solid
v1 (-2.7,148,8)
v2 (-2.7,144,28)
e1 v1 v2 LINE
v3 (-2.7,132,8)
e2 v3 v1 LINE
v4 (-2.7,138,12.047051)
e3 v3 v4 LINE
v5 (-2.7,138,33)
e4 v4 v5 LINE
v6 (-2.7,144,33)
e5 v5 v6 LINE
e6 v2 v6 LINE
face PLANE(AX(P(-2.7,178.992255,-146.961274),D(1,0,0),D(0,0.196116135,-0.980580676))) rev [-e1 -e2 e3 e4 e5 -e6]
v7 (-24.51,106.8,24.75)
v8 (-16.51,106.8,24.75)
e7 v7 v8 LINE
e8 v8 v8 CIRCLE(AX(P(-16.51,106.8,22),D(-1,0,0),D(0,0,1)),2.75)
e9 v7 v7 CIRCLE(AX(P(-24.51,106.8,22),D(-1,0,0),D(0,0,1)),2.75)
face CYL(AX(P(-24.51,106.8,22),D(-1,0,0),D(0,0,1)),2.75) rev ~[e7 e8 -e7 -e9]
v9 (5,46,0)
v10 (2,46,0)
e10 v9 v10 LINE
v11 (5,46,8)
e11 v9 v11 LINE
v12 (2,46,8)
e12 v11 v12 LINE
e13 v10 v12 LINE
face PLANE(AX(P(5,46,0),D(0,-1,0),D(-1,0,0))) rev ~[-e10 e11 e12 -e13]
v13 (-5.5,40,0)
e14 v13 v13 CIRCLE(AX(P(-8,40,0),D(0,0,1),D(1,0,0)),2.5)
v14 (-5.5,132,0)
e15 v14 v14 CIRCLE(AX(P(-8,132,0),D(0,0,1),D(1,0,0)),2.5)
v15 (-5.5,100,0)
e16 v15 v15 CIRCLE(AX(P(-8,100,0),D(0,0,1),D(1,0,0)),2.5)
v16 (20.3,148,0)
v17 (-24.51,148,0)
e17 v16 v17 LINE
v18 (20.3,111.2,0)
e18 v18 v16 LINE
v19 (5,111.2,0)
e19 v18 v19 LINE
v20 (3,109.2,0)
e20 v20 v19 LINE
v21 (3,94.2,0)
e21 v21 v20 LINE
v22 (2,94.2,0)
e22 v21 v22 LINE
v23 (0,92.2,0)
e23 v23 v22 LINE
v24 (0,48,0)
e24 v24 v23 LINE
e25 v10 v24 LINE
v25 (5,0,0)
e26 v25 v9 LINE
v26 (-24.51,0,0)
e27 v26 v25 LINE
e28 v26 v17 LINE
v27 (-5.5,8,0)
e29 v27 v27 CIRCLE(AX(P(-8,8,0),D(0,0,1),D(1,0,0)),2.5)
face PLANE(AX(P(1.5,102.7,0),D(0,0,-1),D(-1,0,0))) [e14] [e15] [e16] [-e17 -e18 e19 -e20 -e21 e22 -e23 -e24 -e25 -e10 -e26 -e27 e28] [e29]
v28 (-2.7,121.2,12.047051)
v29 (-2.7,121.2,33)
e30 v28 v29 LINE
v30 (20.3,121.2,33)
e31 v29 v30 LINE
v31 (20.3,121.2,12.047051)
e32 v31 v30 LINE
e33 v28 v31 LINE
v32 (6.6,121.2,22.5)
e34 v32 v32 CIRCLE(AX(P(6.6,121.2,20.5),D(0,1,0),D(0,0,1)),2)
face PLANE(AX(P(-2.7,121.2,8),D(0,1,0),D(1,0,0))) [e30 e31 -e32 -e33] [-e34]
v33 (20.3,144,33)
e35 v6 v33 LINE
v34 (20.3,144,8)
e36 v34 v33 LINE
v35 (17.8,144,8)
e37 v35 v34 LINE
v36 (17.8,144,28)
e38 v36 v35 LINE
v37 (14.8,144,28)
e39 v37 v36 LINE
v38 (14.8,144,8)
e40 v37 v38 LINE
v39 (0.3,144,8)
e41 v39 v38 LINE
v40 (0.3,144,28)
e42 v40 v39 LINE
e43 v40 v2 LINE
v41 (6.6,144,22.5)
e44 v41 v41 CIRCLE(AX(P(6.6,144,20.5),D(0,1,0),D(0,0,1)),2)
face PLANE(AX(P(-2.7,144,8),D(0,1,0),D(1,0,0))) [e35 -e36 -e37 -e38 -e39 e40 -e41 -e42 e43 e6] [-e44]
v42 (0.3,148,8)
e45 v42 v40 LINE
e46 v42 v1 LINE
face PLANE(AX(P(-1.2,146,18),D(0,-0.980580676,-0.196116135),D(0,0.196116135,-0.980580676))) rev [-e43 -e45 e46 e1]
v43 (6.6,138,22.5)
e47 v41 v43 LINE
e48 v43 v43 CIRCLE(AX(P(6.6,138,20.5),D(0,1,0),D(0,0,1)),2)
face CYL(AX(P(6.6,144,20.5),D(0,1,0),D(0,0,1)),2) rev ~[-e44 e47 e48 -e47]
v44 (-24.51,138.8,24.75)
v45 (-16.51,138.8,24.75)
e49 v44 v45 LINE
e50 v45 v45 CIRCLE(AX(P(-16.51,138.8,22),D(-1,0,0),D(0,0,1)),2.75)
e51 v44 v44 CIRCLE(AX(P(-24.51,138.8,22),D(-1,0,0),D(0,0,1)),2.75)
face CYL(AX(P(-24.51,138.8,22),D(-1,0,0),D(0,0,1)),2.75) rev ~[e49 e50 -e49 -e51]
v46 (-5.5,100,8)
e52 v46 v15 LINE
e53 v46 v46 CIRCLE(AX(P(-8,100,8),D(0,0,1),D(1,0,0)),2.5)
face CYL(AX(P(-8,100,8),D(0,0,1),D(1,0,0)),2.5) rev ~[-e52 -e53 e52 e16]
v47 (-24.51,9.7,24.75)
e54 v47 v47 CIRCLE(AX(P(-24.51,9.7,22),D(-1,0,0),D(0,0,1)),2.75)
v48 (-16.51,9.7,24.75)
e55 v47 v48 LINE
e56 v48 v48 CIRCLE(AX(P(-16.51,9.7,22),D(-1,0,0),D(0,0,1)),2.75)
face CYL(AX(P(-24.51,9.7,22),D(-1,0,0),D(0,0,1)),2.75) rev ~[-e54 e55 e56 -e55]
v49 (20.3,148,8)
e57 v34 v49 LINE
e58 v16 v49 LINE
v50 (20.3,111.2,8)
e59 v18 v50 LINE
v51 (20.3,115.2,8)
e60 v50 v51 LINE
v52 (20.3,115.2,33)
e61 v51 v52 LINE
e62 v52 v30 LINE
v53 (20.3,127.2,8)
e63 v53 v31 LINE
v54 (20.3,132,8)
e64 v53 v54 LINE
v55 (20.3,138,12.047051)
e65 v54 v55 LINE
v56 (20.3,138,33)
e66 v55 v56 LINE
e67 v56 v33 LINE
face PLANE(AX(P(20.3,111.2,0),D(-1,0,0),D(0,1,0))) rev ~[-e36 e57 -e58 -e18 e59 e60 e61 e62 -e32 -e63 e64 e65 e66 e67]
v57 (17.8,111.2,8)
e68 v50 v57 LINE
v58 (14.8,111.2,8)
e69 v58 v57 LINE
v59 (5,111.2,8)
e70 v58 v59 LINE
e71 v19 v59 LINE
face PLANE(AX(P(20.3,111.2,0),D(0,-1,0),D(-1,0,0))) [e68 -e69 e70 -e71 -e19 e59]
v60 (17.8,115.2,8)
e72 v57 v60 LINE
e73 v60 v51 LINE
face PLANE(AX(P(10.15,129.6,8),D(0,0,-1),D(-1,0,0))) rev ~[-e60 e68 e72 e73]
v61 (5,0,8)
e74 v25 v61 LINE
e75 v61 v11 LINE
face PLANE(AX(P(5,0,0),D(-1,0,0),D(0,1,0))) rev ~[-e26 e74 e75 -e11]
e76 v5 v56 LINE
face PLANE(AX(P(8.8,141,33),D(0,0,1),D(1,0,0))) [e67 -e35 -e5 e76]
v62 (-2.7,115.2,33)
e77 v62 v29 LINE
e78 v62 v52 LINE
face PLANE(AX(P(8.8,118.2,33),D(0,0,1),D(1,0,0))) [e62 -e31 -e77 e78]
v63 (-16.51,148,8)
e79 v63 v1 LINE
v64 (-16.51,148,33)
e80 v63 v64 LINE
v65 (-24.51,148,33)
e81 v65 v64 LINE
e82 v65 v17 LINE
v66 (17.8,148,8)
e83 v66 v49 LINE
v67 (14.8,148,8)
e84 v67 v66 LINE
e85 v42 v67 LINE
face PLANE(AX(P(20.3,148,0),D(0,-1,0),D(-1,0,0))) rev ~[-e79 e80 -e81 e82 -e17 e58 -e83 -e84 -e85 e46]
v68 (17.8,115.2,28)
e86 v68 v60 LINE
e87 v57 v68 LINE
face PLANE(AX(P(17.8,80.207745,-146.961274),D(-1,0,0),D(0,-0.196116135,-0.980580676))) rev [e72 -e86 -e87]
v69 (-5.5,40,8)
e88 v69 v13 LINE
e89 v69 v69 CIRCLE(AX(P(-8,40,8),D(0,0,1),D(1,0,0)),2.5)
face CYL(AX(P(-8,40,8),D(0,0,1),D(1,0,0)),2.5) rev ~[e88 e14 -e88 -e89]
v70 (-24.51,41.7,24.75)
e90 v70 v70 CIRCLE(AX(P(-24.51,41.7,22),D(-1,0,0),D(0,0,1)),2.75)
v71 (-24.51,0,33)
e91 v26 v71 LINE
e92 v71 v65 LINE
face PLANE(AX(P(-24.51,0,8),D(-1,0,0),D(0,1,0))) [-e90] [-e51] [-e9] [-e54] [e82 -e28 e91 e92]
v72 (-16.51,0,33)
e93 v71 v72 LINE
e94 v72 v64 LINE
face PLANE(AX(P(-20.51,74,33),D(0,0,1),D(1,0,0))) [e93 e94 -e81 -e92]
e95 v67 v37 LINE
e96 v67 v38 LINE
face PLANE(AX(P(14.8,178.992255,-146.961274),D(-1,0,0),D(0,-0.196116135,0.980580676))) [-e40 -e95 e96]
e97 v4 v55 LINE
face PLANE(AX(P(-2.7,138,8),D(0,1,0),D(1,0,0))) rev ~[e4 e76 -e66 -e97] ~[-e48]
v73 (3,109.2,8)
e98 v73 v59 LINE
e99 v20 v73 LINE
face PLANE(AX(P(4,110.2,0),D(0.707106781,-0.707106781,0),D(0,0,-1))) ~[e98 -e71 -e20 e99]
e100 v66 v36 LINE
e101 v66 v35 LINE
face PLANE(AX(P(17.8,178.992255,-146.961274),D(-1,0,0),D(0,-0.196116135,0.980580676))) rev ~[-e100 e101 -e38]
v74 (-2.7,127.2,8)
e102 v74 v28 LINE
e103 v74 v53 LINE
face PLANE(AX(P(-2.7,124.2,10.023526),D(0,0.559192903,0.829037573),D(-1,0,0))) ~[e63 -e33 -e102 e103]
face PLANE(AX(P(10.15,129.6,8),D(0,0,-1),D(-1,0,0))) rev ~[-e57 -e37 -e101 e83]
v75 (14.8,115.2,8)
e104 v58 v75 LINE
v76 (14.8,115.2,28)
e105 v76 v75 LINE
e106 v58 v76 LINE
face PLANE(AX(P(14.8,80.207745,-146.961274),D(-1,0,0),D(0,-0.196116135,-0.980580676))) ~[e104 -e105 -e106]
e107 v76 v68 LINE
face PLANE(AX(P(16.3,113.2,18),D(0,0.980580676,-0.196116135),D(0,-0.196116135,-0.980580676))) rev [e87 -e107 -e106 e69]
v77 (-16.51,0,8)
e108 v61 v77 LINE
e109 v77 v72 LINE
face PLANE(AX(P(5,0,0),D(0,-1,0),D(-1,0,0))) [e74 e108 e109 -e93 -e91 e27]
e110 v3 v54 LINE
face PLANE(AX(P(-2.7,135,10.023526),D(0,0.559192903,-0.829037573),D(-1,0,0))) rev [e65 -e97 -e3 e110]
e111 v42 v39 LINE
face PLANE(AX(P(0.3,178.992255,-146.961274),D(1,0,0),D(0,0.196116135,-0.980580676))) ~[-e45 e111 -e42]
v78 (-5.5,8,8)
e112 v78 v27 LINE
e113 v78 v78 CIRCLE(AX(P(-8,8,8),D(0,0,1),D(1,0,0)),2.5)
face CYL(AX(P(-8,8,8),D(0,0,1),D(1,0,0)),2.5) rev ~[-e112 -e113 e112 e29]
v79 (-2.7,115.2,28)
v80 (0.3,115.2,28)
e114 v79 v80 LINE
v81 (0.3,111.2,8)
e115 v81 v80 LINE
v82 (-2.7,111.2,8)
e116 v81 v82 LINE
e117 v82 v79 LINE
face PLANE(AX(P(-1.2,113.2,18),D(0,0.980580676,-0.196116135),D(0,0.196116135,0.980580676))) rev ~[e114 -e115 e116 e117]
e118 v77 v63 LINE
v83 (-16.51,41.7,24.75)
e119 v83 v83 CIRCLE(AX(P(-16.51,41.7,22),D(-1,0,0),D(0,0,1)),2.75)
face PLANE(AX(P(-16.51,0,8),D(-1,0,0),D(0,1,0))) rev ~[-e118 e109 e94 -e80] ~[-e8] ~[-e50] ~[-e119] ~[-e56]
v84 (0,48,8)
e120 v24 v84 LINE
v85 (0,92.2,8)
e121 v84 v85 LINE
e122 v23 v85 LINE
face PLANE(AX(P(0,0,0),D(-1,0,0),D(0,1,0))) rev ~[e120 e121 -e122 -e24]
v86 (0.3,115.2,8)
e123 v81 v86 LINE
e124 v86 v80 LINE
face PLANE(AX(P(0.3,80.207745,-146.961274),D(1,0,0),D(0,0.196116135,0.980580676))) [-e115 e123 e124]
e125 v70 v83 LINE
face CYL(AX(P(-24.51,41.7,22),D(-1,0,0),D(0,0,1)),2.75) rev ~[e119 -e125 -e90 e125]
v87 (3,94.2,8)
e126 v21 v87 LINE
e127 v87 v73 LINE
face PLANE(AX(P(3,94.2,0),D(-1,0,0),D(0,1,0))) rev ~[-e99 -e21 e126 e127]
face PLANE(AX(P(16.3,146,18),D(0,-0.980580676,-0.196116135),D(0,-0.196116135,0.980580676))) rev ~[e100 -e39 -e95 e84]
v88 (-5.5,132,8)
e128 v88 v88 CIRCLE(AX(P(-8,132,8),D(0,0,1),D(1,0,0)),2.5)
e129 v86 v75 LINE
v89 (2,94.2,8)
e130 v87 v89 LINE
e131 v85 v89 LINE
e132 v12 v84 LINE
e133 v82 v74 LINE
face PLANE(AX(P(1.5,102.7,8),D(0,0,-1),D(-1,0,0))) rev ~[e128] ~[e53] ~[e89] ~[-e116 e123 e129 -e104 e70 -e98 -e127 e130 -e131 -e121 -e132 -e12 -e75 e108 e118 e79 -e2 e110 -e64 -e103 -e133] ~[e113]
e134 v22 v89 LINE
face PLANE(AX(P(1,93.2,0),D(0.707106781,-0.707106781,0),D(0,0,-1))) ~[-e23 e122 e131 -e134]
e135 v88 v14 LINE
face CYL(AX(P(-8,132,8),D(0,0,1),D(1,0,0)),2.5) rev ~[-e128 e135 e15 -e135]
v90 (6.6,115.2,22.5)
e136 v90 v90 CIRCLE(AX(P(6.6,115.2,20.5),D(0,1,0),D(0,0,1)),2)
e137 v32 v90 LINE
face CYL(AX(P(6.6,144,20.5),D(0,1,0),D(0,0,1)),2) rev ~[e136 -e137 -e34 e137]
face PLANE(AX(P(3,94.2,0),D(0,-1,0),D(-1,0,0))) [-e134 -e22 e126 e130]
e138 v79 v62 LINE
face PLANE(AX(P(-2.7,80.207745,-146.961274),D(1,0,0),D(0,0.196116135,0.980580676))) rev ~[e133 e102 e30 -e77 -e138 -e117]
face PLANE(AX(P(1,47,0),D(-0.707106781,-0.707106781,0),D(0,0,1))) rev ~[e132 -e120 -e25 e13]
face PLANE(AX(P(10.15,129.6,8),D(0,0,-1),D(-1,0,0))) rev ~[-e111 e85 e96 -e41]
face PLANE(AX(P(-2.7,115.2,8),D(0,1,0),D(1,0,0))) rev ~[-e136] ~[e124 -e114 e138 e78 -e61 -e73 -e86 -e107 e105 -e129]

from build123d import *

# Parameters (mm, degrees)
SKETCH1_W               = 24.51
SKETCH1_H               = 148
BOSS_EXTRUDE1_DEPTH     = 8
SKETCH2_W               = 8
SKETCH2_H               = 148
BOSS_EXTRUDE2_DEPTH     = 25
SKETCH4_W               = 20.3
SKETCH4_H               = 36.8
BOSS_EXTRUDE3_DEPTH     = 8
SKETCH5_W               = 23
SKETCH5_H               = 6
BOSS_EXTRUDE4_DEPTH     = 25
CUT_EXTRUDE2_REACH      = 151.752
SKETCH6_R               = 2
RIB1_REACH              = 159.03
SKETCH8_WALL_W          = 336.456302216
SKETCH8_WALL_H          = 3
MIRROR2_COPY_1_REACH    = 159.03
MIRROR2_COPY_1_SKETCH_W = 336.456302216
MIRROR2_COPY_1_SKETCH_H = 3
SKETCH3_R               = 2.5
CUT_EXTRUDE1_DEPTH      = 10
SKETCH12_R              = 2.75
CUT_EXTRUDE3_DEPTH      = 8
SKETCH13_W              = 5
SKETCH13_H              = 46
BOSS_EXTRUDE5_DEPTH     = 8
SKETCH14_W              = 3
SKETCH14_H              = 17
BOSS_EXTRUDE6_DEPTH     = 8
CHAMFER1_SIZE           = 2
CHAMFER2_SIZE           = 6
CHAMFER2_SIZE2          = 4.047051101


with BuildPart() as part:
    # Sketch1 → Boss-Extrude1 (new body)
    with BuildSketch(Plane.XY):
        with Locations((-12.255, 74)):
            Rectangle(SKETCH1_W, SKETCH1_H)
    extrude(amount=BOSS_EXTRUDE1_DEPTH)

    # Sketch2 → Boss-Extrude2 (add)
    with BuildSketch(Plane.XY.offset(8)):
        with Locations((-20.51, 74)):
            Rectangle(SKETCH2_W, SKETCH2_H)
    extrude(amount=BOSS_EXTRUDE2_DEPTH)

    # Sketch4 → Boss-Extrude3 (add)
    with BuildSketch(Plane(origin=(0, 0, 0), x_dir=(-1, 0, 0), z_dir=(0, 0, -1))):
        with Locations((-10.15, 129.6)):
            Rectangle(SKETCH4_W, SKETCH4_H)
    extrude(amount=-BOSS_EXTRUDE3_DEPTH)

    # Sketch5 → Boss-Extrude4 (add)
    with BuildSketch(Plane.XY.offset(8)):
        with Locations((8.8, 118.2)):
            Rectangle(SKETCH5_W, SKETCH5_H)
        with Locations((8.8, 141)):
            Rectangle(SKETCH5_W, SKETCH5_H)
    extrude(amount=BOSS_EXTRUDE4_DEPTH)

    # Cut-Extrude2: up to this face of the body (flat: up to its plane)
    cut_extrude2_end = Plane(part.part.faces().sort_by_distance((8.8, 115.2, 20.5))[0])
    # Sketch6 → Cut-Extrude2 (cut, up to the picked face)
    with BuildSketch(Plane(origin=(0, 144, 0), x_dir=(1, 0, 0), z_dir=(0, 1, 0)), mode=Mode.PRIVATE) as cut_extrude2_sk1:
        with Locations(Location((6.6, -20.5, 0), (0, 0, 270))):
            Circle(SKETCH6_R)
    cut_extrude2_tool1 = split(extrude(cut_extrude2_sk1.sketch, amount=-CUT_EXTRUDE2_REACH, mode=Mode.PRIVATE), bisect_by=cut_extrude2_end, keep=Keep.BOTH, mode=Mode.PRIVATE)
    add(cut_extrude2_tool1.solids().sort_by(Axis((6.6, 144, 20.5), (0, -1, 0)))[0], mode=Mode.SUBTRACT)

    # Sketch8 wall → Rib1 (add, up to next)
    with BuildSketch(Plane(origin=(16.3, 146, 18), x_dir=(0, -0.196116135138, 0.980580675691), z_dir=(0, -0.980580675691, -0.196116135138)), mode=Mode.PRIVATE) as rib1_sk1:
        Rectangle(SKETCH8_WALL_W, SKETCH8_WALL_H)
    rib1_tool1 = extrude(rib1_sk1.sketch, amount=RIB1_REACH, mode=Mode.PRIVATE) - part.part
    rib1 = rib1_tool1.solids().sort_by_distance((16.3, 146, 18))[0]
    add(rib1)

    # Mirror1: Rib1 across plane
    add(rib1.mirror(Plane.ZX.offset(129.6)))

    # Mirror2: Rib1 across plane
    add(rib1.mirror(Plane.ZY.offset(-7.55)))

    # Mirror2 copy 1 sketch → Mirror2 copy 1 (add, up to next)
    with BuildSketch(Plane(origin=(-1.2, 113.2, 18), x_dir=(0, 0.196116135138, 0.980580675691), z_dir=(0, 0.980580675691, -0.196116135138)), mode=Mode.PRIVATE) as mirror2_copy_1_sk1:
        Rectangle(MIRROR2_COPY_1_SKETCH_W, MIRROR2_COPY_1_SKETCH_H)
    mirror2_copy_1_tool1 = extrude(mirror2_copy_1_sk1.sketch, amount=MIRROR2_COPY_1_REACH, mode=Mode.PRIVATE) - part.part
    add(mirror2_copy_1_tool1.solids().sort_by_distance((-1.2, 113.2, 18))[0])

    # Sketch3 → Cut-Extrude1 (cut)
    with BuildSketch(Plane.XY.offset(8)):
        with Locations((-8, 8)):
            Circle(SKETCH3_R)
        with Locations((-8, 40)):
            Circle(SKETCH3_R)
        with Locations((-8, 100)):
            Circle(SKETCH3_R)
        with Locations((-8, 132)):
            Circle(SKETCH3_R)
    extrude(amount=-CUT_EXTRUDE1_DEPTH, mode=Mode.SUBTRACT)

    # Sketch12 → Cut-Extrude3 (cut)
    with BuildSketch(Plane.ZY.offset(24.51)):
        with Locations((22, 138.8)):
            Circle(SKETCH12_R)
        with Locations((22, 106.8)):
            Circle(SKETCH12_R)
        with Locations((22, 41.7)):
            Circle(SKETCH12_R)
        with Locations((22, 9.7)):
            Circle(SKETCH12_R)
    extrude(amount=-CUT_EXTRUDE3_DEPTH, mode=Mode.SUBTRACT)

    # Sketch13 → Boss-Extrude5 (add)
    with BuildSketch(Plane(origin=(0, 0, 0), x_dir=(-1, 0, 0), z_dir=(0, 0, -1))):
        with Locations((-2.5, 23)):
            Rectangle(SKETCH13_W, SKETCH13_H)
    extrude(amount=-BOSS_EXTRUDE5_DEPTH)

    # Sketch14 → Boss-Extrude6 (add)
    with BuildSketch(Plane(origin=(0, 0, 0), x_dir=(-1, 0, 0), z_dir=(0, 0, -1))):
        with Locations((-1.5, 102.7)):
            Rectangle(SKETCH14_W, SKETCH14_H)
    extrude(amount=-BOSS_EXTRUDE6_DEPTH)

    # Chamfer1
    chamfer1_edges = [part.edges().sort_by_distance(p)[0] for p in [
        (0, 46, 4),
        (3, 111.2, 4),
        (0, 94.2, 4),
    ]]
    chamfer(chamfer1_edges, length=CHAMFER1_SIZE)

    # Chamfer2
    chamfer2_edges = [part.edges().sort_by_distance(p)[0] for p in [
        (8.8, 121.2, 8),
        (8.8, 138, 8),
    ]]
    chamfer2_side = [part.faces().sort_by_distance(p)[0] for p in [
        (-4.974591741, 76.782250606, 8),
    ]]
    chamfer(chamfer2_edges, length=CHAMFER2_SIZE, length2=CHAMFER2_SIZE2, reference=chamfer2_side[0])


solid = part.part
